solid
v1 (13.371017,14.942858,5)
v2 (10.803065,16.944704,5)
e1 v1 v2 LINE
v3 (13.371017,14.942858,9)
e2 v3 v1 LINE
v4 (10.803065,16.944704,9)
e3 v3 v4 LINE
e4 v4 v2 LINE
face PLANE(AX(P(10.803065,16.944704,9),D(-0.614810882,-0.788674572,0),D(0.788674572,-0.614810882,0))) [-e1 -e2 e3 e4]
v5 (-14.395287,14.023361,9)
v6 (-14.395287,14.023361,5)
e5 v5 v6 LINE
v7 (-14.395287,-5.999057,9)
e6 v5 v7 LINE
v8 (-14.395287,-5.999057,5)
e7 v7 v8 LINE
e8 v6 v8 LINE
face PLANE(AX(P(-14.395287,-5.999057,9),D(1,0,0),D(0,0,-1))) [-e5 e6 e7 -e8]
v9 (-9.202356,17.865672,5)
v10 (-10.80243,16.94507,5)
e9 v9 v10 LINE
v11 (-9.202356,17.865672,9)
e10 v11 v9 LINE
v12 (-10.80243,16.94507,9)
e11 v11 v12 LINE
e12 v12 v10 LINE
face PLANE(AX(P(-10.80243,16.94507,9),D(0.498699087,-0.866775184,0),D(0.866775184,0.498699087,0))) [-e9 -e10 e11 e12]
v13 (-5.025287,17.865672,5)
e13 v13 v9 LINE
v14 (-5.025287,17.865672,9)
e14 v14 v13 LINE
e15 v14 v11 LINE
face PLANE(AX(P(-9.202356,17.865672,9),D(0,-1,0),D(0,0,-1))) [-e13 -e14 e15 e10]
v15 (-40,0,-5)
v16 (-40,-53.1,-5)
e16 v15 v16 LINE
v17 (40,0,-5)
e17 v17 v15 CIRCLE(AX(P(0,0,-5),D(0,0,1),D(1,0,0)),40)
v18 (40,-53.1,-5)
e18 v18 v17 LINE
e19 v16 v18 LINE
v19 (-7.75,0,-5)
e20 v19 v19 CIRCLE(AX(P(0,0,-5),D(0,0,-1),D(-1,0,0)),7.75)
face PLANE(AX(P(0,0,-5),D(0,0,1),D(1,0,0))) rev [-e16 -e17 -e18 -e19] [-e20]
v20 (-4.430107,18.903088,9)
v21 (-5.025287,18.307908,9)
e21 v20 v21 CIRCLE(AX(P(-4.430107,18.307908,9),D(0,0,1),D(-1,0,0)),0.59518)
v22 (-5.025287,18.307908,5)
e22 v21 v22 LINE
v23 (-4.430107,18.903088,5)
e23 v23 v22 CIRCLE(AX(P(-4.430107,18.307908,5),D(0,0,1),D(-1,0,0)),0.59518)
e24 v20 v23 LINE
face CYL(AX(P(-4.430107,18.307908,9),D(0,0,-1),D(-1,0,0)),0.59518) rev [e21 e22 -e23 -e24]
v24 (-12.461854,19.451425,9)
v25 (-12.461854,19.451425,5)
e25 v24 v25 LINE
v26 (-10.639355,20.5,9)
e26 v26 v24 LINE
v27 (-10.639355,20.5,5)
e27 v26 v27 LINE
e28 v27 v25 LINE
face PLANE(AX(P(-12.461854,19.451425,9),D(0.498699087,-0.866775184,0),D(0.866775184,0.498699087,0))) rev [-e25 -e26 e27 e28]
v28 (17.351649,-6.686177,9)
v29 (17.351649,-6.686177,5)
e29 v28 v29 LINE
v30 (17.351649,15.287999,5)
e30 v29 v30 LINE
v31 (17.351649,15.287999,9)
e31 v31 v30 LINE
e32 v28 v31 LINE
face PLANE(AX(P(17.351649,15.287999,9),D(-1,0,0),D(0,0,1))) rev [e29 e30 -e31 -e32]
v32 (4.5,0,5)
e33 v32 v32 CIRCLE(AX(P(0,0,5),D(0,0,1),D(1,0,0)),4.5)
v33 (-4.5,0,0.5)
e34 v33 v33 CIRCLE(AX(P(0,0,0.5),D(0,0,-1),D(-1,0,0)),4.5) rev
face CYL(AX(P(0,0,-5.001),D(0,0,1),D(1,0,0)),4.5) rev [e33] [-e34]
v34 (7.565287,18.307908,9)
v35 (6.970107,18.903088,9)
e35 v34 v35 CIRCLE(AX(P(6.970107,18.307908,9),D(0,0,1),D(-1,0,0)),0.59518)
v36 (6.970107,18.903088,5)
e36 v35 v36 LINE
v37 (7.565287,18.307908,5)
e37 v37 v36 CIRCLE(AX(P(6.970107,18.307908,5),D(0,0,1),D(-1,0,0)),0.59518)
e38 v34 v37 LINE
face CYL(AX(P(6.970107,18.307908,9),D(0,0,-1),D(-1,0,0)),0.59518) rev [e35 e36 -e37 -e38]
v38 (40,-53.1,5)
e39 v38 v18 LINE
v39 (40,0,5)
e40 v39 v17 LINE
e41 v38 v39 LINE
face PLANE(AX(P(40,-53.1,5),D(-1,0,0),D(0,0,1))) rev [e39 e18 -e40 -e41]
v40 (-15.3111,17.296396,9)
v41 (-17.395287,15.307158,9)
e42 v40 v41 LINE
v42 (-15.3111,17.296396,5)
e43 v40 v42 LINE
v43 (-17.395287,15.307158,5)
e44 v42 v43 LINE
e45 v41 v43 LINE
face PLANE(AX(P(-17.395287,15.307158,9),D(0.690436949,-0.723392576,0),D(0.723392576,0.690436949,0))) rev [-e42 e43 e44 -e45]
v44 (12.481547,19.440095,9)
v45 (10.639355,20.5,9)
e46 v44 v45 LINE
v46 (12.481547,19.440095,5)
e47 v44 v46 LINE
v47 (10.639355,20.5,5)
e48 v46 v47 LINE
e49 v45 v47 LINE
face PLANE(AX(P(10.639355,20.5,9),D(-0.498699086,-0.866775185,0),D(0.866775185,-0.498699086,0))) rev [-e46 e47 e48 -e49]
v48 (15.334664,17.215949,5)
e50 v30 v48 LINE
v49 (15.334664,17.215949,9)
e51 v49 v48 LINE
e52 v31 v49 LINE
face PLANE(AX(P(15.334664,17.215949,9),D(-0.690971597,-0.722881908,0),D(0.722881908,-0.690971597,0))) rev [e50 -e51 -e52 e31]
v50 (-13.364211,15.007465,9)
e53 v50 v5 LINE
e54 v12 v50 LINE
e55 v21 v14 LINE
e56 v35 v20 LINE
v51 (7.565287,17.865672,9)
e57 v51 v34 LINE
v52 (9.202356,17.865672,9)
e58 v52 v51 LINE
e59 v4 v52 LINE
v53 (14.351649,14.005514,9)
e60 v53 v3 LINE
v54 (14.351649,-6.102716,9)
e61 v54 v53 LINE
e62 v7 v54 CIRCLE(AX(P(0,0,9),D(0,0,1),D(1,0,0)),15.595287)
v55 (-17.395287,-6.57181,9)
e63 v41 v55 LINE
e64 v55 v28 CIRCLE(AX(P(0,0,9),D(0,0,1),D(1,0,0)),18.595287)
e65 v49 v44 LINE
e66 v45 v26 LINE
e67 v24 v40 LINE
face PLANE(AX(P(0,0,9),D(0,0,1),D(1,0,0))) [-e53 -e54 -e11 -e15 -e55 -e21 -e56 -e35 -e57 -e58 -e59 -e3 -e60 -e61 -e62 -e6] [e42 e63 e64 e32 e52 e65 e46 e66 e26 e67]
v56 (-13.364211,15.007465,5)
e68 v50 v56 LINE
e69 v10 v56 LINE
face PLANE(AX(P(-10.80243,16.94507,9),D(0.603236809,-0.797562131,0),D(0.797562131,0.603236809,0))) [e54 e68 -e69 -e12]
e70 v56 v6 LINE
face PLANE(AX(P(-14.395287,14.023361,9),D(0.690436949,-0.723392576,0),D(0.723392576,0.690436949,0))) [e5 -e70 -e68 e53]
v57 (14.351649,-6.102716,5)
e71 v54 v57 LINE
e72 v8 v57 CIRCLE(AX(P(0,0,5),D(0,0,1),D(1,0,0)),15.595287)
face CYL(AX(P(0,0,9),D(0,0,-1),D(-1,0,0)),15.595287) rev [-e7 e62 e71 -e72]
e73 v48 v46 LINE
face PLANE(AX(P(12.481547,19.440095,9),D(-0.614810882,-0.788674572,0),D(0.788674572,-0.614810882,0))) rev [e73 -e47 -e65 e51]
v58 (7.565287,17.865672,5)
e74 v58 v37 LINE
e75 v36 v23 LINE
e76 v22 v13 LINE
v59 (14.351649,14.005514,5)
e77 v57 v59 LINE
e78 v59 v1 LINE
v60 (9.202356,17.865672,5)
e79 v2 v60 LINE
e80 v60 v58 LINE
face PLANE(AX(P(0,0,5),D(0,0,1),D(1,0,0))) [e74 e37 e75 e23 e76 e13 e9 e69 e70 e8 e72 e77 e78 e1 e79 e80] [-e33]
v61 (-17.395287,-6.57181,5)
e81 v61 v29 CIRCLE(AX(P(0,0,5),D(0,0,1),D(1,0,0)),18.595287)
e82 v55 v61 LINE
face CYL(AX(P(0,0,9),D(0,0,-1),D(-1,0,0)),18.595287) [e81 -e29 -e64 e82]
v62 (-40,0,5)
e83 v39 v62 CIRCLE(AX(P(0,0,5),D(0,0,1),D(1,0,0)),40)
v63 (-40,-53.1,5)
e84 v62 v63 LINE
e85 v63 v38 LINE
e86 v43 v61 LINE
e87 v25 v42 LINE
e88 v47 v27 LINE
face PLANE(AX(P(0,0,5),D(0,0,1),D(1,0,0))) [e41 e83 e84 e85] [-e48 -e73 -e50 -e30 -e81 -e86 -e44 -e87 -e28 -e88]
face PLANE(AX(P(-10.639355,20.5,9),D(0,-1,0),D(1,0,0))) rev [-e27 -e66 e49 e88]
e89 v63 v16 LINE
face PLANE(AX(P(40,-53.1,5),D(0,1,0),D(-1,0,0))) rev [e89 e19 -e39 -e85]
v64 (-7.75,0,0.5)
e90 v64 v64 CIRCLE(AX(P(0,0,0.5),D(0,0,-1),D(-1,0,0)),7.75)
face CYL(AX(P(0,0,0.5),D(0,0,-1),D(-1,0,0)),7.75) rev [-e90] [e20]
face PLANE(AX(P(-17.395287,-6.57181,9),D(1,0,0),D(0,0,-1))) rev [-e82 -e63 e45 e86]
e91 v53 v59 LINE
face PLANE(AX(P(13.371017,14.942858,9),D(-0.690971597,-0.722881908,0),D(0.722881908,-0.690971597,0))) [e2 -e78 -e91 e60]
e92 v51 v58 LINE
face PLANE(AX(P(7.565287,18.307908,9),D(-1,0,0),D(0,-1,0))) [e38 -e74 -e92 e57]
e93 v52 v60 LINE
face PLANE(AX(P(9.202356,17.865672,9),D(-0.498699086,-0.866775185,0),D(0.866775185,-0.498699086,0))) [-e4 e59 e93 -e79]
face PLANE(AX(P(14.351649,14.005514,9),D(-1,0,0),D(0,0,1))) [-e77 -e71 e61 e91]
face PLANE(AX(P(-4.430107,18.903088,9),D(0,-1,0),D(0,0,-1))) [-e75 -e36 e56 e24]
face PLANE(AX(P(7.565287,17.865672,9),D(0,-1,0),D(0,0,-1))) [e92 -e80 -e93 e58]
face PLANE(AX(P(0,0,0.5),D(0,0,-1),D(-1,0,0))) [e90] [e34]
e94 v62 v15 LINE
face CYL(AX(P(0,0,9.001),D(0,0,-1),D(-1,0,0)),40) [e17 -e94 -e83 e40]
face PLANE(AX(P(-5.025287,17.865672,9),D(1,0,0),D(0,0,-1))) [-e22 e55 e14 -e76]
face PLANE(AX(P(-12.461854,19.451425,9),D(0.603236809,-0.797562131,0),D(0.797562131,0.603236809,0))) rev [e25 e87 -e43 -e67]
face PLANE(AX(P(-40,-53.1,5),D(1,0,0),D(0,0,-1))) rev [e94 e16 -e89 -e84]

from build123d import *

# Parameters (mm, degrees)
SKETCH6_W           = 80
SKETCH6_H           = 106.2
BOSS_EXTRUDE3_DEPTH = 5
BOSS_EXTRUDE2_DEPTH = 4
CUT_EXTRUDE2_REACH  = 69.228
SKETCH4_R           = 4.5
SKETCH7_R           = 7.75
CUT_EXTRUDE3_DEPTH  = 5.5
CUT_EXTRUDE4_START  = -5
CUT_EXTRUDE4_DEPTH  = 10


with BuildPart() as part:
    # Sketch6 → Boss-Extrude3 (new, symmetric)
    with BuildSketch(Plane.XY):
        Rectangle(SKETCH6_W, SKETCH6_H)
    extrude(amount=BOSS_EXTRUDE3_DEPTH, both=True)

    # Sketch3 → Boss-Extrude2 (add)
    with BuildSketch(Plane.XY.offset(5)):
        with BuildLine():
            Line((-17.395287132, -6.571810208), (-17.395287132, 15.307157848))
            Line((-17.395287132, 15.307157848), (-15.311099774, 17.296395792))
            Line((-15.311099774, 17.296395792), (-12.46185448, 19.451424939))
            Line((-12.46185448, 19.451424939), (-10.63935497, 20.5))
            Line((-10.63935497, 20.5), (10.639354967, 20.5))
            Line((10.639354967, 20.5), (12.481546734, 19.440095002))
            Line((12.481546734, 19.440095002), (15.334663563, 17.215949154))
            Line((15.334663563, 17.215949154), (17.351649475, 15.287999429))
            Line((17.351649475, 15.287999429), (17.351649475, -6.686177108))
            ThreePointArc((17.351649475, -6.686177108), (-0.061204642, -18.595186415), (-17.395287132, -6.571810208))
        make_face()
        with BuildLine():
            Line((-14.395287132, -5.999057373), (-14.395287132, 14.02336094))
            Line((-14.395287132, 14.02336094), (-13.364210648, 15.007464628))
            Line((-13.364210648, 15.007464628), (-10.802429685, 16.945069879))
            Line((-10.802429685, 16.945069879), (-9.202356052, 17.865672216))
            Line((-9.202356052, 17.865672216), (-5.025287127, 17.865672216))
            Line((-5.025287127, 17.865672216), (-5.025287127, 18.307908255))
            ThreePointArc((-5.025287127, 18.307908255), (-4.850962964, 18.728764013), (-4.430107206, 18.903088176))
            Line((-4.430107206, 18.903088176), (6.970107208, 18.903088176))
            ThreePointArc((6.970107208, 18.903088176), (7.390962965, 18.728764013), (7.565287128, 18.307908255))
            Line((7.565287128, 18.307908255), (7.565287128, 17.865672216))
            Line((7.565287128, 17.865672216), (9.202356049, 17.865672216))
            Line((9.202356049, 17.865672216), (10.803064919, 16.944704398))
            Line((10.803064919, 16.944704398), (13.37101734, 14.942858327))
            Line((13.37101734, 14.942858327), (14.351649475, 14.00551442))
            Line((14.351649475, 14.00551442), (14.351649475, -6.102715652))
            ThreePointArc((14.351649475, -6.102715652), (-0.056234518, -15.595185752), (-14.395287132, -5.999057373))
        make_face(mode=Mode.SUBTRACT)
    extrude(amount=BOSS_EXTRUDE2_DEPTH)

    # Sketch4 → Cut-Extrude2 (cut, up to next)
    with BuildSketch(Plane.XY.offset(5), mode=Mode.PRIVATE) as cut_extrude2_sk1:
        Circle(SKETCH4_R)
    cut_extrude2_tool1 = extrude(cut_extrude2_sk1.sketch, amount=-CUT_EXTRUDE2_REACH, mode=Mode.PRIVATE) & part.part
    add(cut_extrude2_tool1.solids().sort_by_distance((0, 0, 5))[0], mode=Mode.SUBTRACT)

    # Sketch7 → Cut-Extrude3 (cut)
    with BuildSketch(Plane(origin=(0, 0, -5), x_dir=(-1, 0, 0), z_dir=(0, 0, -1))):
        Circle(SKETCH7_R)
    extrude(amount=-CUT_EXTRUDE3_DEPTH, mode=Mode.SUBTRACT)

    # Sketch8 → Cut-Extrude4 (cut)
    with BuildSketch(Plane.XY.offset(CUT_EXTRUDE4_START)):
        with BuildLine():
            Line((-40, 0), (-40, 53.1))
            Line((-40, 53.1), (40, 53.1))
            Line((40, 53.1), (40, 0))
            ThreePointArc((40, 0), (0, 40), (-40, 0))
        make_face()
    extrude(amount=CUT_EXTRUDE4_DEPTH, mode=Mode.SUBTRACT)


solid = part.part
